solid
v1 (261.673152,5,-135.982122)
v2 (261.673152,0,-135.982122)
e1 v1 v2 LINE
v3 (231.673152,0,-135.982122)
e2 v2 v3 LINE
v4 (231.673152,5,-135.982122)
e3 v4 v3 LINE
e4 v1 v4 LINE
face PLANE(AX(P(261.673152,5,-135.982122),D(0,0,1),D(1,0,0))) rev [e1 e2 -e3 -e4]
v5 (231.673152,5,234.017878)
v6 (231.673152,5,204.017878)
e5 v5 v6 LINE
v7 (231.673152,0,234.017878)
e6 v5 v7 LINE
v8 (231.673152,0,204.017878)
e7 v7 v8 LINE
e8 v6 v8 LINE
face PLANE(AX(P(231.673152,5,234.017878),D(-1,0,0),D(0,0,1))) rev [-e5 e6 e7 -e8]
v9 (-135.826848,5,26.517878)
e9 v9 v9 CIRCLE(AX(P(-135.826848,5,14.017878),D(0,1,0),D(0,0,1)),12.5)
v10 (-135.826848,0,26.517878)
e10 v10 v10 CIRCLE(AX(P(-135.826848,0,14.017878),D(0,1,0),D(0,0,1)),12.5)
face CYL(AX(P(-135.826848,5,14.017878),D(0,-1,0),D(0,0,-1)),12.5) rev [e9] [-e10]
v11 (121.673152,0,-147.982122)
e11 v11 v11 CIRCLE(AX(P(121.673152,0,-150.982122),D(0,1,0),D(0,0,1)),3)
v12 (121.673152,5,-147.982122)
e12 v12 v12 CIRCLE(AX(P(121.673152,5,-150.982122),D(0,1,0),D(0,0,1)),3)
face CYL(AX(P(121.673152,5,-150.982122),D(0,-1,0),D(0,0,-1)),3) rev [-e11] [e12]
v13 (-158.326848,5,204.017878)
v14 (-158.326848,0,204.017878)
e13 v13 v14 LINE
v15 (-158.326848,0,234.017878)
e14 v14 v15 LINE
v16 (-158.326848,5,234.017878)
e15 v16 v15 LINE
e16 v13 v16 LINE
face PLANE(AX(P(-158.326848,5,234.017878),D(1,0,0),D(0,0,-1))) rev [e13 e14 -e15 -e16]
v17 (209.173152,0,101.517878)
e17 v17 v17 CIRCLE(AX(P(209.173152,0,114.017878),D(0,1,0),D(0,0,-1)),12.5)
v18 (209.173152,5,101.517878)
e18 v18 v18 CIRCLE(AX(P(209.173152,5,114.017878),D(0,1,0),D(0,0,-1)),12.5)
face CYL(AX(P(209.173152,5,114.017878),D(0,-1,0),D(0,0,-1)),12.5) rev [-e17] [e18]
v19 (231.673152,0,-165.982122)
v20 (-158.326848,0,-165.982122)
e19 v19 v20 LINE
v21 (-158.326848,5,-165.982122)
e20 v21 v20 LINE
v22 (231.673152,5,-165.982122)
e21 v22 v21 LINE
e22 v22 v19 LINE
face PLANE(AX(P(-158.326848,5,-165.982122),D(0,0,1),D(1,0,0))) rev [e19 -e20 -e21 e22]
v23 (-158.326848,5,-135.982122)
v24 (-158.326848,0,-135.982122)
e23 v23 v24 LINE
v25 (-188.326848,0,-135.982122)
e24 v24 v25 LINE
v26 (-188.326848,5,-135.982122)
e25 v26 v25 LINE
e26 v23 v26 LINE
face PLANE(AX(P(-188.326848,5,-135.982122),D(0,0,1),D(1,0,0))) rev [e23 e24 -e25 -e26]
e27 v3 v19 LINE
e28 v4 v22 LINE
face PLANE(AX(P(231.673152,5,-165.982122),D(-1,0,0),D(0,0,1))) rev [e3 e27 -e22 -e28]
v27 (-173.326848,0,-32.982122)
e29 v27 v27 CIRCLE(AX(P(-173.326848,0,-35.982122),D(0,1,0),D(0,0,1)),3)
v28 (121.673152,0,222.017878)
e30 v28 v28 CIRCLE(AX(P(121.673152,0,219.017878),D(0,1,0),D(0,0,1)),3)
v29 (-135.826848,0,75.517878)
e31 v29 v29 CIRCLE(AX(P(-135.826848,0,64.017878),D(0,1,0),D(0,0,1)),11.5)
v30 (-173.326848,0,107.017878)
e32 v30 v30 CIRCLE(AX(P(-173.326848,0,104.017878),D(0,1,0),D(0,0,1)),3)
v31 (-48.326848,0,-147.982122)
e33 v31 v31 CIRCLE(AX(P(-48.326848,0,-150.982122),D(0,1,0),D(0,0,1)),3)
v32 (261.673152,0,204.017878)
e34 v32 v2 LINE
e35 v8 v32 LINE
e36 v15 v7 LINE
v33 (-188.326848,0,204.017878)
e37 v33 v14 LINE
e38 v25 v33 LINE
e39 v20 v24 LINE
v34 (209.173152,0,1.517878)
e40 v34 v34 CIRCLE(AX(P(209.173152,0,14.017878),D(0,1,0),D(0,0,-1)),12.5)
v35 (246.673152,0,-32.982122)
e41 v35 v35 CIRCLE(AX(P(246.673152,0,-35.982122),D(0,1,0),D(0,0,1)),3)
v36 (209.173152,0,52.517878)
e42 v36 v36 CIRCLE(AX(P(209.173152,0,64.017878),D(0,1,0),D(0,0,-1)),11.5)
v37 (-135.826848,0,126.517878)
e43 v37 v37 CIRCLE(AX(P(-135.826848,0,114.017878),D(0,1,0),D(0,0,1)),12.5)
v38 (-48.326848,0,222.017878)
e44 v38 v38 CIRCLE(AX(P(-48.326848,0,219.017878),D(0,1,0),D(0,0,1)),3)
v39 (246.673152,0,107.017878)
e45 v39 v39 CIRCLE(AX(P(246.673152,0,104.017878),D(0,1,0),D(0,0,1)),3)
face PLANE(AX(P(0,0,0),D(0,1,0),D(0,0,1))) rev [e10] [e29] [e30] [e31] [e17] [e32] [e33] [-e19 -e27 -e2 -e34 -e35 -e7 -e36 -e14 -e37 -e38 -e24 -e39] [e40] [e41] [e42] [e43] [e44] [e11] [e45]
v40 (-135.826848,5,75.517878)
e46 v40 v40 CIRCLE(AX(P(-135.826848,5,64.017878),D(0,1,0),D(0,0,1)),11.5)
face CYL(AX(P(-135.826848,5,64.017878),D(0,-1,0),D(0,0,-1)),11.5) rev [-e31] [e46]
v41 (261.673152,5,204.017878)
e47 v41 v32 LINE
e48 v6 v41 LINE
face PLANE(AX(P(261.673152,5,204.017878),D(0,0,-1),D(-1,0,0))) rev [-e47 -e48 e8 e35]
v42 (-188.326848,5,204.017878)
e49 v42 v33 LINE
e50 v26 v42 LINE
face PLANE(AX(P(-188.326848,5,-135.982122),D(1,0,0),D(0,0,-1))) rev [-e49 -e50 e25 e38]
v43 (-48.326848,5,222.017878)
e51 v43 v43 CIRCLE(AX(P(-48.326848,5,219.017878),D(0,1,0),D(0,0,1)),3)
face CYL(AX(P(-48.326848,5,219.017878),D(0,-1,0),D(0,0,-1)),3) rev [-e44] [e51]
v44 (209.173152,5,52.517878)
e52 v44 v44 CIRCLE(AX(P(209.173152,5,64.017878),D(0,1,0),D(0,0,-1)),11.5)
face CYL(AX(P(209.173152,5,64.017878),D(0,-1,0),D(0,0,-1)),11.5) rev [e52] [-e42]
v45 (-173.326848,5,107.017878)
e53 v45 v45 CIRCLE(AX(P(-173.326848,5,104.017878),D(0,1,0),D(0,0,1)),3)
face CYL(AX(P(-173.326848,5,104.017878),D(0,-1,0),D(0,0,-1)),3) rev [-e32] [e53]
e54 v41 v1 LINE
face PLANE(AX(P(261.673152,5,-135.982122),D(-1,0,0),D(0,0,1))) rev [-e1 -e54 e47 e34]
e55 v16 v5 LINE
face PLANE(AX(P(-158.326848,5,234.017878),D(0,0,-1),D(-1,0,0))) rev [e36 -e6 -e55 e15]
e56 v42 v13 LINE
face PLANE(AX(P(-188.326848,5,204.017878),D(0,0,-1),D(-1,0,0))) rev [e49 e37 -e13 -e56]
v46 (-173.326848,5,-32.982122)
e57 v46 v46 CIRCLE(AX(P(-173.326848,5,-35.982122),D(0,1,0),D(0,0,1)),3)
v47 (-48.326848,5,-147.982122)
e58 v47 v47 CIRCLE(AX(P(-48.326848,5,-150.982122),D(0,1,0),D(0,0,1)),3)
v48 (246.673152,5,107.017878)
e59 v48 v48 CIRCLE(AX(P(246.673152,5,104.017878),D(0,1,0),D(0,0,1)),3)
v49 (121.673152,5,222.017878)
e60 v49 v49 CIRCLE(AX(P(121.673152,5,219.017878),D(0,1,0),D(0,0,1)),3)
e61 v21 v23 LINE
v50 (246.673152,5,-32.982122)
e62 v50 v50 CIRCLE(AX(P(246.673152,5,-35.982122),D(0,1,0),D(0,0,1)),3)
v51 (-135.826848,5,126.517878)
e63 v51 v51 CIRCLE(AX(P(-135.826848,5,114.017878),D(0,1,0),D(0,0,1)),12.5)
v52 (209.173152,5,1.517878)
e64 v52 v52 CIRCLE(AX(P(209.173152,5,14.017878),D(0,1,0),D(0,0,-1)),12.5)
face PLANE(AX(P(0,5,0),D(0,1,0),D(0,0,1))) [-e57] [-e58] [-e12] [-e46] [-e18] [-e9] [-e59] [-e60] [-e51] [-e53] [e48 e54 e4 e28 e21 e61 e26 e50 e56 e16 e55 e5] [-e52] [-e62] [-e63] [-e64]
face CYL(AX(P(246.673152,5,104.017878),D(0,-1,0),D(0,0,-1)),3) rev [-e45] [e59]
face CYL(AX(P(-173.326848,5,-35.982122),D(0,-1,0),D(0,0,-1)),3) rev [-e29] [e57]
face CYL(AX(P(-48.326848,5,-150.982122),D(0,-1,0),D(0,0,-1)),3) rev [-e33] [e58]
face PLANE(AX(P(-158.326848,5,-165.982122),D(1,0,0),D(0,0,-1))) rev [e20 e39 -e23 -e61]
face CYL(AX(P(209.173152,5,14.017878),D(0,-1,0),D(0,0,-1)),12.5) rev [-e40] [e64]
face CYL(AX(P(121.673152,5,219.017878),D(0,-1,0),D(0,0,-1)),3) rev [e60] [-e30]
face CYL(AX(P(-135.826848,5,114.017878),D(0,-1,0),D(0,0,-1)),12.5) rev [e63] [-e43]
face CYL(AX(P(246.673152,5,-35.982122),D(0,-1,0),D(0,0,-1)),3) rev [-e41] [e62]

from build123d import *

# Parameters (mm, degrees)
CROQUIS1_R              = 3
CROQUIS1_R_2            = 11.5
CROQUIS1_R_3            = 12.5
SALIENTE_EXTRUIR1_DEPTH = 5


with BuildPart() as part:
    # Croquis1 → Saliente-Extruir1 (new body)
    with BuildSketch(Plane(origin=(0, 0, 0), x_dir=(1, 0, 0), z_dir=(0, 1, 0))):
        Polygon((-158.326848249, 165.982121671), (231.673151751, 165.982121671), (231.673151751, 135.982121671), (261.673151751, 135.982121671), (261.673151751, -204.017878329), (231.673151751, -204.017878329), (231.673151751, -234.017878329), (-158.326848249, -234.017878329), (-158.326848249, -204.017878329), (-188.326848249, -204.017878329), (-188.326848249, 135.982121671), (-158.326848249, 135.982121671), align=None)
        with Locations(Location((-173.326848249, 35.982121671, 0), (0, 0, 270))):
            Circle(CROQUIS1_R, mode=Mode.SUBTRACT)
        with Locations(Location((-173.326848249, -104.017878329, 0), (0, 0, 270))):
            Circle(CROQUIS1_R, mode=Mode.SUBTRACT)
        with Locations(Location((-48.326848249, 150.982121671, 0), (0, 0, 270))):
            Circle(CROQUIS1_R, mode=Mode.SUBTRACT)
        with Locations(Location((121.673151751, 150.982121671, 0), (0, 0, 270))):
            Circle(CROQUIS1_R, mode=Mode.SUBTRACT)
        with Locations(Location((246.673151751, 35.982121671, 0), (0, 0, 270))):
            Circle(CROQUIS1_R, mode=Mode.SUBTRACT)
        with Locations(Location((246.673151751, -104.017878329, 0), (0, 0, 270))):
            Circle(CROQUIS1_R, mode=Mode.SUBTRACT)
        with Locations(Location((-48.326848249, -219.017878329, 0), (0, 0, 270))):
            Circle(CROQUIS1_R, mode=Mode.SUBTRACT)
        with Locations(Location((121.673151751, -219.017878329, 0), (0, 0, 270))):
            Circle(CROQUIS1_R, mode=Mode.SUBTRACT)
        with Locations(Location((-135.826848249, -64.017878329, 0), (0, 0, 270))):
            Circle(CROQUIS1_R_2, mode=Mode.SUBTRACT)
        with Locations(Location((-135.826848249, -114.017878329, 0), (0, 0, 270))):
            Circle(CROQUIS1_R_3, mode=Mode.SUBTRACT)
        with Locations(Location((-135.826848249, -14.017878329, 0), (0, 0, 270))):
            Circle(CROQUIS1_R_3, mode=Mode.SUBTRACT)
        with Locations(Location((209.173151751, -114.017878329, 0), (0, 0, 90))):
            Circle(CROQUIS1_R_3, mode=Mode.SUBTRACT)
        with Locations(Location((209.173151751, -64.017878329, 0), (0, 0, 90))):
            Circle(CROQUIS1_R_2, mode=Mode.SUBTRACT)
        with Locations(Location((209.173151751, -14.017878329, 0), (0, 0, 90))):
            Circle(CROQUIS1_R_3, mode=Mode.SUBTRACT)
    extrude(amount=SALIENTE_EXTRUIR1_DEPTH)


solid = part.part
